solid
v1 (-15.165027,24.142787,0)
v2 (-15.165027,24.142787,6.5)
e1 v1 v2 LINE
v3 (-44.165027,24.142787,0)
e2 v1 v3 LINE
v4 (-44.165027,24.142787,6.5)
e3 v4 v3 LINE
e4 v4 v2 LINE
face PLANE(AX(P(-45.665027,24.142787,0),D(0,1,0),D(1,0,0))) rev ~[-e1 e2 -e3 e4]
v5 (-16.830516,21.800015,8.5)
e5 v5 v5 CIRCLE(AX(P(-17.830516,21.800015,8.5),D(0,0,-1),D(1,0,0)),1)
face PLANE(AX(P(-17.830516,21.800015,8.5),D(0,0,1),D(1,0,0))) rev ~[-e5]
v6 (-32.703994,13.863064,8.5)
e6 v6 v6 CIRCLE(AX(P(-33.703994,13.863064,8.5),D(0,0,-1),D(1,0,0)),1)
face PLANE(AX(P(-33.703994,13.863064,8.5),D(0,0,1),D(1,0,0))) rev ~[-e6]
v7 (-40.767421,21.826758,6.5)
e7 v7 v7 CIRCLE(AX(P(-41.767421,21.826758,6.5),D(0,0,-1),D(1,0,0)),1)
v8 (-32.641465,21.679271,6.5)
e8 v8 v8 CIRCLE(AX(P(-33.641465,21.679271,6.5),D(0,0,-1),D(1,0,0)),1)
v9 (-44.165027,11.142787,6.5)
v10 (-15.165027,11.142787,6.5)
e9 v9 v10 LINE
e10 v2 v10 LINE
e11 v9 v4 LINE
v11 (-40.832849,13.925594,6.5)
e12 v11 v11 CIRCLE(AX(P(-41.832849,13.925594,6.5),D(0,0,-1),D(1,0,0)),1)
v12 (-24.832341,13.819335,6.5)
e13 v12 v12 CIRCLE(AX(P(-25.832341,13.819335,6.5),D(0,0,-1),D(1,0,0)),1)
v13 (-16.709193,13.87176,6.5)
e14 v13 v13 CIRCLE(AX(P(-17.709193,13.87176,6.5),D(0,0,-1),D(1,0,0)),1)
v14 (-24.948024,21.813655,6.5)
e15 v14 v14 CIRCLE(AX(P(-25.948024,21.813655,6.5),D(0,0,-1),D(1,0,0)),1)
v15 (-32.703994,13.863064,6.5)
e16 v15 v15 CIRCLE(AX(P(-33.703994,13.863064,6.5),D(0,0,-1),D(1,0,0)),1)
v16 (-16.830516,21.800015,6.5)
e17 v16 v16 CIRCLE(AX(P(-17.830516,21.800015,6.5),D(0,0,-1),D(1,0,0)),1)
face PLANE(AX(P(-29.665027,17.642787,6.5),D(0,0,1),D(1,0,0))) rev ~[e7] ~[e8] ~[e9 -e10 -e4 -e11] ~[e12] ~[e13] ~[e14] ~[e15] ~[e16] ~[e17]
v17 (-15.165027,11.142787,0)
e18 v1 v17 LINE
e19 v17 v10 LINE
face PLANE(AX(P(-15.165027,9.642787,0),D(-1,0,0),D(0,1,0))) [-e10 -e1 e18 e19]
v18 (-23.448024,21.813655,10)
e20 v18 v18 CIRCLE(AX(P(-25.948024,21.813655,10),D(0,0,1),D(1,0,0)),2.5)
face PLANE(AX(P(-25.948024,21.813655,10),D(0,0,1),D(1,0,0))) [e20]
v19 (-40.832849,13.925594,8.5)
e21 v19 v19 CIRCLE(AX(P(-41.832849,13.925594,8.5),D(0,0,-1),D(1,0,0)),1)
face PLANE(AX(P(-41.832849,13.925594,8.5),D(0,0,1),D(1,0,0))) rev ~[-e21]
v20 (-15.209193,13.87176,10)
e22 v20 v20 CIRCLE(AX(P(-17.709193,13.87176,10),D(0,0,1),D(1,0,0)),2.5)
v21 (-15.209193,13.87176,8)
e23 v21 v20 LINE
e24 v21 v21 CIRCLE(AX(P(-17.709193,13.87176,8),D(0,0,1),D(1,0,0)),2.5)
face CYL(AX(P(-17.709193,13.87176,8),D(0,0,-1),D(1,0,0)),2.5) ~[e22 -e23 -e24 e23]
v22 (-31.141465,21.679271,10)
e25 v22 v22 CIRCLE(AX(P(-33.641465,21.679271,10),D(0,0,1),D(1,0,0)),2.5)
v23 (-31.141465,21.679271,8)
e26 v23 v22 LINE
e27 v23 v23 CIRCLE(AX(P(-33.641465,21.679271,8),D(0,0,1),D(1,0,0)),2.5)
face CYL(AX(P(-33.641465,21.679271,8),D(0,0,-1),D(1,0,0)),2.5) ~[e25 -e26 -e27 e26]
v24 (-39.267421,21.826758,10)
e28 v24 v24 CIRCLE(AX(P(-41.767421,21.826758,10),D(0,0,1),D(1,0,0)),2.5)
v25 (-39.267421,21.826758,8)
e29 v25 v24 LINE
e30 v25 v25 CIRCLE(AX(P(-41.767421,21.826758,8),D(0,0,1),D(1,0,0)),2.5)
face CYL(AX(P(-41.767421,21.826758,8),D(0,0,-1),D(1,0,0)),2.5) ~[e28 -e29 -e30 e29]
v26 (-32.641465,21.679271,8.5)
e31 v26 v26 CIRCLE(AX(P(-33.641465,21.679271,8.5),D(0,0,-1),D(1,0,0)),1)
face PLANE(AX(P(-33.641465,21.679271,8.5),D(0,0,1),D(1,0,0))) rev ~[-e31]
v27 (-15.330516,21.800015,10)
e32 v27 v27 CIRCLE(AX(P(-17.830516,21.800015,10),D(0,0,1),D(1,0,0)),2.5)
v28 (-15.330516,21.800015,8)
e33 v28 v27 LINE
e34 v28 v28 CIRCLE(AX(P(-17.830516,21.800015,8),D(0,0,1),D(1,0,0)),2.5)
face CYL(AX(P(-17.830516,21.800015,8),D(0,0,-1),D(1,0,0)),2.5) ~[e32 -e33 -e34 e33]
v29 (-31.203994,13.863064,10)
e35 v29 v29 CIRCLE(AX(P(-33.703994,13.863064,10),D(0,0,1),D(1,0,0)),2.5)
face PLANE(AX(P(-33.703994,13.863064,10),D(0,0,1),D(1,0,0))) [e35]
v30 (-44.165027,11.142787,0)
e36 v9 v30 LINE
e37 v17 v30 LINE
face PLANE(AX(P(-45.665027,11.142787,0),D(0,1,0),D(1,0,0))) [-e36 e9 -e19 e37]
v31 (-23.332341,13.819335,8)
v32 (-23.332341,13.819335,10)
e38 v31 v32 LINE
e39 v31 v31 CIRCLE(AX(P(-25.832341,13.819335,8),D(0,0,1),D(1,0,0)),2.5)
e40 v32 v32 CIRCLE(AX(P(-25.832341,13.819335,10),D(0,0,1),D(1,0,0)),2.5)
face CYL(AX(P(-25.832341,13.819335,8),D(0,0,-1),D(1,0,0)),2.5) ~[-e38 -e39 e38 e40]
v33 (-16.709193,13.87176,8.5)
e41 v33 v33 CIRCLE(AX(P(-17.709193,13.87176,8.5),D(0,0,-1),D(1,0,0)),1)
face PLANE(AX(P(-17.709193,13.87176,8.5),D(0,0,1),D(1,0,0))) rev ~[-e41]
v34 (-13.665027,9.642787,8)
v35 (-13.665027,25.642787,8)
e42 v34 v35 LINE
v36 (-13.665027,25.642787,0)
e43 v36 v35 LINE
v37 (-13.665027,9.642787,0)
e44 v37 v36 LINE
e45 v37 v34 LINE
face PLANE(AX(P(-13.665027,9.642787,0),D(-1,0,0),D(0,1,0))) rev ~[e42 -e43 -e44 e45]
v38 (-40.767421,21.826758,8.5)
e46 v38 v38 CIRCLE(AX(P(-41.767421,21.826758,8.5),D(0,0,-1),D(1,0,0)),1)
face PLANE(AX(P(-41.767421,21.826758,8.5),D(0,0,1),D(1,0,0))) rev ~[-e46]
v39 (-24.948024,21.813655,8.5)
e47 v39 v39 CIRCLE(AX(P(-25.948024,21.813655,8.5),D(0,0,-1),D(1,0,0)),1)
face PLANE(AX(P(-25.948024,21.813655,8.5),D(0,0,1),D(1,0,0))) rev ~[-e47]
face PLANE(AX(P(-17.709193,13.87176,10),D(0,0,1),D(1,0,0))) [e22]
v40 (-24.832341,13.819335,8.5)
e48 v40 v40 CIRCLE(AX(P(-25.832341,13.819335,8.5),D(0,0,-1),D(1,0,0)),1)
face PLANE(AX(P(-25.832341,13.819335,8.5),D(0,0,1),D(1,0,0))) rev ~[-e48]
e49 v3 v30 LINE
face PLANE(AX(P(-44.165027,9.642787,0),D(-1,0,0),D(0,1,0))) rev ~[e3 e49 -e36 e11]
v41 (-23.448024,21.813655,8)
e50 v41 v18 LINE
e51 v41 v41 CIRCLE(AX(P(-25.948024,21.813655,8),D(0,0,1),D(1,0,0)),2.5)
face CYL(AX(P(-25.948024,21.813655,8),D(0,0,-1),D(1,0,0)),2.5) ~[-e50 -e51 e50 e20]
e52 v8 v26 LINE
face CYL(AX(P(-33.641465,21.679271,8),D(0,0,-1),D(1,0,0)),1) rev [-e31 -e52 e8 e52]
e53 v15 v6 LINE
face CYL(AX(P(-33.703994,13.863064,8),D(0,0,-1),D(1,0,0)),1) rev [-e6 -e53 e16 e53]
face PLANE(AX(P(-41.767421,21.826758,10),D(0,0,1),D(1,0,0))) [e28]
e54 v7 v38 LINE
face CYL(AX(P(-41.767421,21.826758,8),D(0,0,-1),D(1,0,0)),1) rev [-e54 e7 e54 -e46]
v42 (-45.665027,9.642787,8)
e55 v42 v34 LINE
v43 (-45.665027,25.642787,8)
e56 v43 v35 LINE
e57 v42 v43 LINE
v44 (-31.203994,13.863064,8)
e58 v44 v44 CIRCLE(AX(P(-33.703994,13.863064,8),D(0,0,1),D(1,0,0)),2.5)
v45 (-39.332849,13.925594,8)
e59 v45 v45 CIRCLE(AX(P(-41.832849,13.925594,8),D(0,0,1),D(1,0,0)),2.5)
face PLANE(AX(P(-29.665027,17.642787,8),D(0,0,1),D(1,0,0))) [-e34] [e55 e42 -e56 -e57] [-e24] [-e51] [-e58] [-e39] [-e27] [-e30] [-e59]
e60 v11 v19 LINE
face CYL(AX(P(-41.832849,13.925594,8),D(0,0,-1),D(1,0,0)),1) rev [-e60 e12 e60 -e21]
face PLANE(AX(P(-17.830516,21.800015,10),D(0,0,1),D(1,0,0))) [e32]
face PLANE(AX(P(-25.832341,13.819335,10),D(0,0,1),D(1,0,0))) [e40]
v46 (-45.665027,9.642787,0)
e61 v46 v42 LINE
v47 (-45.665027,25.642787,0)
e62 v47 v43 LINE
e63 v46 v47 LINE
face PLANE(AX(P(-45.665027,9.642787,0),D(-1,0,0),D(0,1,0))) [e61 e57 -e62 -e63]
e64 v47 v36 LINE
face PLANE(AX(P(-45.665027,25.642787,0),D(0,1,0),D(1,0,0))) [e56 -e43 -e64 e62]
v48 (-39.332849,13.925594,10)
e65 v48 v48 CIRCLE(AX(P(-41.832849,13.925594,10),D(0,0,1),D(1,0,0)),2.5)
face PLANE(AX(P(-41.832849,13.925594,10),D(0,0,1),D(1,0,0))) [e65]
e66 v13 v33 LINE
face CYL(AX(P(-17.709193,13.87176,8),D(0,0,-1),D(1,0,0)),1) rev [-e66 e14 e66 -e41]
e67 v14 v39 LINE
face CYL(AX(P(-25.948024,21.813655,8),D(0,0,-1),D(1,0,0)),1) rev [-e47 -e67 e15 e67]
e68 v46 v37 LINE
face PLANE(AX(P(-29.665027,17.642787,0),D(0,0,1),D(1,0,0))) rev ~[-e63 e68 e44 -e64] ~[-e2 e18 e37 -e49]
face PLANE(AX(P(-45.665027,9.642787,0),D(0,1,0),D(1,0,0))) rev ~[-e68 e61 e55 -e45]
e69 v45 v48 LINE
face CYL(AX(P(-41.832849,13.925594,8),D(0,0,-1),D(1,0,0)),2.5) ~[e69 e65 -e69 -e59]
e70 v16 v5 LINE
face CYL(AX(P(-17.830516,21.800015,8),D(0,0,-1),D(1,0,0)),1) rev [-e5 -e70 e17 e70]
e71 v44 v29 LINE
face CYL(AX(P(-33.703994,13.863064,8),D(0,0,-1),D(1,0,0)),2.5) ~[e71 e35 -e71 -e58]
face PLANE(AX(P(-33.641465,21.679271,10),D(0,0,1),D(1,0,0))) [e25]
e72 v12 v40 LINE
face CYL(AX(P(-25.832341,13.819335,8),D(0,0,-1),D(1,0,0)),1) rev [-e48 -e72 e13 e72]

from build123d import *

# Parameters (mm, degrees)
F0_W     = 32
F0_H     = 16
F1_DEPTH = 8
F3_R     = 2.5
F4_DEPTH = 2
F5_T     = -1.5


with BuildPart() as f1:
    # F0 (on Top) → F1 (new body)
    with BuildSketch(Plane.XY):
        with Locations((-29.6650268137, 17.6427868192)):
            Rectangle(F0_W, F0_H)
    extrude(amount=F1_DEPTH)

    # F3 (on offset) → F4 (join)
    with BuildSketch(Plane.XY.offset(8)):
        with Locations((-17.830516119, 21.8000146745)):
            Circle(F3_R)
        with Locations((-25.9480242622, 21.8136548249)):
            Circle(F3_R)
        with Locations((-33.6414650083, 21.6792710125)):
            Circle(F3_R)
        with Locations((-25.83234096, 13.8193345813)):
            Circle(F3_R)
        with Locations((-33.7039940059, 13.8630643487)):
            Circle(F3_R)
        with Locations((-17.7091927273, 13.8717596604)):
            Circle(F3_R)
        with Locations((-41.8328493834, 13.9255942777)):
            Circle(F3_R)
        with Locations((-41.7674207673, 21.826757775)):
            Circle(F3_R)
    extrude(amount=F4_DEPTH)

    # F5
    f5_openings = [f1.faces().sort_by_distance(p)[0] for p in [
        (-29.665027, 17.642787, 0),
    ]]
    offset(amount=F5_T, openings=f5_openings, kind=Kind.INTERSECTION)


solid = f1.part
